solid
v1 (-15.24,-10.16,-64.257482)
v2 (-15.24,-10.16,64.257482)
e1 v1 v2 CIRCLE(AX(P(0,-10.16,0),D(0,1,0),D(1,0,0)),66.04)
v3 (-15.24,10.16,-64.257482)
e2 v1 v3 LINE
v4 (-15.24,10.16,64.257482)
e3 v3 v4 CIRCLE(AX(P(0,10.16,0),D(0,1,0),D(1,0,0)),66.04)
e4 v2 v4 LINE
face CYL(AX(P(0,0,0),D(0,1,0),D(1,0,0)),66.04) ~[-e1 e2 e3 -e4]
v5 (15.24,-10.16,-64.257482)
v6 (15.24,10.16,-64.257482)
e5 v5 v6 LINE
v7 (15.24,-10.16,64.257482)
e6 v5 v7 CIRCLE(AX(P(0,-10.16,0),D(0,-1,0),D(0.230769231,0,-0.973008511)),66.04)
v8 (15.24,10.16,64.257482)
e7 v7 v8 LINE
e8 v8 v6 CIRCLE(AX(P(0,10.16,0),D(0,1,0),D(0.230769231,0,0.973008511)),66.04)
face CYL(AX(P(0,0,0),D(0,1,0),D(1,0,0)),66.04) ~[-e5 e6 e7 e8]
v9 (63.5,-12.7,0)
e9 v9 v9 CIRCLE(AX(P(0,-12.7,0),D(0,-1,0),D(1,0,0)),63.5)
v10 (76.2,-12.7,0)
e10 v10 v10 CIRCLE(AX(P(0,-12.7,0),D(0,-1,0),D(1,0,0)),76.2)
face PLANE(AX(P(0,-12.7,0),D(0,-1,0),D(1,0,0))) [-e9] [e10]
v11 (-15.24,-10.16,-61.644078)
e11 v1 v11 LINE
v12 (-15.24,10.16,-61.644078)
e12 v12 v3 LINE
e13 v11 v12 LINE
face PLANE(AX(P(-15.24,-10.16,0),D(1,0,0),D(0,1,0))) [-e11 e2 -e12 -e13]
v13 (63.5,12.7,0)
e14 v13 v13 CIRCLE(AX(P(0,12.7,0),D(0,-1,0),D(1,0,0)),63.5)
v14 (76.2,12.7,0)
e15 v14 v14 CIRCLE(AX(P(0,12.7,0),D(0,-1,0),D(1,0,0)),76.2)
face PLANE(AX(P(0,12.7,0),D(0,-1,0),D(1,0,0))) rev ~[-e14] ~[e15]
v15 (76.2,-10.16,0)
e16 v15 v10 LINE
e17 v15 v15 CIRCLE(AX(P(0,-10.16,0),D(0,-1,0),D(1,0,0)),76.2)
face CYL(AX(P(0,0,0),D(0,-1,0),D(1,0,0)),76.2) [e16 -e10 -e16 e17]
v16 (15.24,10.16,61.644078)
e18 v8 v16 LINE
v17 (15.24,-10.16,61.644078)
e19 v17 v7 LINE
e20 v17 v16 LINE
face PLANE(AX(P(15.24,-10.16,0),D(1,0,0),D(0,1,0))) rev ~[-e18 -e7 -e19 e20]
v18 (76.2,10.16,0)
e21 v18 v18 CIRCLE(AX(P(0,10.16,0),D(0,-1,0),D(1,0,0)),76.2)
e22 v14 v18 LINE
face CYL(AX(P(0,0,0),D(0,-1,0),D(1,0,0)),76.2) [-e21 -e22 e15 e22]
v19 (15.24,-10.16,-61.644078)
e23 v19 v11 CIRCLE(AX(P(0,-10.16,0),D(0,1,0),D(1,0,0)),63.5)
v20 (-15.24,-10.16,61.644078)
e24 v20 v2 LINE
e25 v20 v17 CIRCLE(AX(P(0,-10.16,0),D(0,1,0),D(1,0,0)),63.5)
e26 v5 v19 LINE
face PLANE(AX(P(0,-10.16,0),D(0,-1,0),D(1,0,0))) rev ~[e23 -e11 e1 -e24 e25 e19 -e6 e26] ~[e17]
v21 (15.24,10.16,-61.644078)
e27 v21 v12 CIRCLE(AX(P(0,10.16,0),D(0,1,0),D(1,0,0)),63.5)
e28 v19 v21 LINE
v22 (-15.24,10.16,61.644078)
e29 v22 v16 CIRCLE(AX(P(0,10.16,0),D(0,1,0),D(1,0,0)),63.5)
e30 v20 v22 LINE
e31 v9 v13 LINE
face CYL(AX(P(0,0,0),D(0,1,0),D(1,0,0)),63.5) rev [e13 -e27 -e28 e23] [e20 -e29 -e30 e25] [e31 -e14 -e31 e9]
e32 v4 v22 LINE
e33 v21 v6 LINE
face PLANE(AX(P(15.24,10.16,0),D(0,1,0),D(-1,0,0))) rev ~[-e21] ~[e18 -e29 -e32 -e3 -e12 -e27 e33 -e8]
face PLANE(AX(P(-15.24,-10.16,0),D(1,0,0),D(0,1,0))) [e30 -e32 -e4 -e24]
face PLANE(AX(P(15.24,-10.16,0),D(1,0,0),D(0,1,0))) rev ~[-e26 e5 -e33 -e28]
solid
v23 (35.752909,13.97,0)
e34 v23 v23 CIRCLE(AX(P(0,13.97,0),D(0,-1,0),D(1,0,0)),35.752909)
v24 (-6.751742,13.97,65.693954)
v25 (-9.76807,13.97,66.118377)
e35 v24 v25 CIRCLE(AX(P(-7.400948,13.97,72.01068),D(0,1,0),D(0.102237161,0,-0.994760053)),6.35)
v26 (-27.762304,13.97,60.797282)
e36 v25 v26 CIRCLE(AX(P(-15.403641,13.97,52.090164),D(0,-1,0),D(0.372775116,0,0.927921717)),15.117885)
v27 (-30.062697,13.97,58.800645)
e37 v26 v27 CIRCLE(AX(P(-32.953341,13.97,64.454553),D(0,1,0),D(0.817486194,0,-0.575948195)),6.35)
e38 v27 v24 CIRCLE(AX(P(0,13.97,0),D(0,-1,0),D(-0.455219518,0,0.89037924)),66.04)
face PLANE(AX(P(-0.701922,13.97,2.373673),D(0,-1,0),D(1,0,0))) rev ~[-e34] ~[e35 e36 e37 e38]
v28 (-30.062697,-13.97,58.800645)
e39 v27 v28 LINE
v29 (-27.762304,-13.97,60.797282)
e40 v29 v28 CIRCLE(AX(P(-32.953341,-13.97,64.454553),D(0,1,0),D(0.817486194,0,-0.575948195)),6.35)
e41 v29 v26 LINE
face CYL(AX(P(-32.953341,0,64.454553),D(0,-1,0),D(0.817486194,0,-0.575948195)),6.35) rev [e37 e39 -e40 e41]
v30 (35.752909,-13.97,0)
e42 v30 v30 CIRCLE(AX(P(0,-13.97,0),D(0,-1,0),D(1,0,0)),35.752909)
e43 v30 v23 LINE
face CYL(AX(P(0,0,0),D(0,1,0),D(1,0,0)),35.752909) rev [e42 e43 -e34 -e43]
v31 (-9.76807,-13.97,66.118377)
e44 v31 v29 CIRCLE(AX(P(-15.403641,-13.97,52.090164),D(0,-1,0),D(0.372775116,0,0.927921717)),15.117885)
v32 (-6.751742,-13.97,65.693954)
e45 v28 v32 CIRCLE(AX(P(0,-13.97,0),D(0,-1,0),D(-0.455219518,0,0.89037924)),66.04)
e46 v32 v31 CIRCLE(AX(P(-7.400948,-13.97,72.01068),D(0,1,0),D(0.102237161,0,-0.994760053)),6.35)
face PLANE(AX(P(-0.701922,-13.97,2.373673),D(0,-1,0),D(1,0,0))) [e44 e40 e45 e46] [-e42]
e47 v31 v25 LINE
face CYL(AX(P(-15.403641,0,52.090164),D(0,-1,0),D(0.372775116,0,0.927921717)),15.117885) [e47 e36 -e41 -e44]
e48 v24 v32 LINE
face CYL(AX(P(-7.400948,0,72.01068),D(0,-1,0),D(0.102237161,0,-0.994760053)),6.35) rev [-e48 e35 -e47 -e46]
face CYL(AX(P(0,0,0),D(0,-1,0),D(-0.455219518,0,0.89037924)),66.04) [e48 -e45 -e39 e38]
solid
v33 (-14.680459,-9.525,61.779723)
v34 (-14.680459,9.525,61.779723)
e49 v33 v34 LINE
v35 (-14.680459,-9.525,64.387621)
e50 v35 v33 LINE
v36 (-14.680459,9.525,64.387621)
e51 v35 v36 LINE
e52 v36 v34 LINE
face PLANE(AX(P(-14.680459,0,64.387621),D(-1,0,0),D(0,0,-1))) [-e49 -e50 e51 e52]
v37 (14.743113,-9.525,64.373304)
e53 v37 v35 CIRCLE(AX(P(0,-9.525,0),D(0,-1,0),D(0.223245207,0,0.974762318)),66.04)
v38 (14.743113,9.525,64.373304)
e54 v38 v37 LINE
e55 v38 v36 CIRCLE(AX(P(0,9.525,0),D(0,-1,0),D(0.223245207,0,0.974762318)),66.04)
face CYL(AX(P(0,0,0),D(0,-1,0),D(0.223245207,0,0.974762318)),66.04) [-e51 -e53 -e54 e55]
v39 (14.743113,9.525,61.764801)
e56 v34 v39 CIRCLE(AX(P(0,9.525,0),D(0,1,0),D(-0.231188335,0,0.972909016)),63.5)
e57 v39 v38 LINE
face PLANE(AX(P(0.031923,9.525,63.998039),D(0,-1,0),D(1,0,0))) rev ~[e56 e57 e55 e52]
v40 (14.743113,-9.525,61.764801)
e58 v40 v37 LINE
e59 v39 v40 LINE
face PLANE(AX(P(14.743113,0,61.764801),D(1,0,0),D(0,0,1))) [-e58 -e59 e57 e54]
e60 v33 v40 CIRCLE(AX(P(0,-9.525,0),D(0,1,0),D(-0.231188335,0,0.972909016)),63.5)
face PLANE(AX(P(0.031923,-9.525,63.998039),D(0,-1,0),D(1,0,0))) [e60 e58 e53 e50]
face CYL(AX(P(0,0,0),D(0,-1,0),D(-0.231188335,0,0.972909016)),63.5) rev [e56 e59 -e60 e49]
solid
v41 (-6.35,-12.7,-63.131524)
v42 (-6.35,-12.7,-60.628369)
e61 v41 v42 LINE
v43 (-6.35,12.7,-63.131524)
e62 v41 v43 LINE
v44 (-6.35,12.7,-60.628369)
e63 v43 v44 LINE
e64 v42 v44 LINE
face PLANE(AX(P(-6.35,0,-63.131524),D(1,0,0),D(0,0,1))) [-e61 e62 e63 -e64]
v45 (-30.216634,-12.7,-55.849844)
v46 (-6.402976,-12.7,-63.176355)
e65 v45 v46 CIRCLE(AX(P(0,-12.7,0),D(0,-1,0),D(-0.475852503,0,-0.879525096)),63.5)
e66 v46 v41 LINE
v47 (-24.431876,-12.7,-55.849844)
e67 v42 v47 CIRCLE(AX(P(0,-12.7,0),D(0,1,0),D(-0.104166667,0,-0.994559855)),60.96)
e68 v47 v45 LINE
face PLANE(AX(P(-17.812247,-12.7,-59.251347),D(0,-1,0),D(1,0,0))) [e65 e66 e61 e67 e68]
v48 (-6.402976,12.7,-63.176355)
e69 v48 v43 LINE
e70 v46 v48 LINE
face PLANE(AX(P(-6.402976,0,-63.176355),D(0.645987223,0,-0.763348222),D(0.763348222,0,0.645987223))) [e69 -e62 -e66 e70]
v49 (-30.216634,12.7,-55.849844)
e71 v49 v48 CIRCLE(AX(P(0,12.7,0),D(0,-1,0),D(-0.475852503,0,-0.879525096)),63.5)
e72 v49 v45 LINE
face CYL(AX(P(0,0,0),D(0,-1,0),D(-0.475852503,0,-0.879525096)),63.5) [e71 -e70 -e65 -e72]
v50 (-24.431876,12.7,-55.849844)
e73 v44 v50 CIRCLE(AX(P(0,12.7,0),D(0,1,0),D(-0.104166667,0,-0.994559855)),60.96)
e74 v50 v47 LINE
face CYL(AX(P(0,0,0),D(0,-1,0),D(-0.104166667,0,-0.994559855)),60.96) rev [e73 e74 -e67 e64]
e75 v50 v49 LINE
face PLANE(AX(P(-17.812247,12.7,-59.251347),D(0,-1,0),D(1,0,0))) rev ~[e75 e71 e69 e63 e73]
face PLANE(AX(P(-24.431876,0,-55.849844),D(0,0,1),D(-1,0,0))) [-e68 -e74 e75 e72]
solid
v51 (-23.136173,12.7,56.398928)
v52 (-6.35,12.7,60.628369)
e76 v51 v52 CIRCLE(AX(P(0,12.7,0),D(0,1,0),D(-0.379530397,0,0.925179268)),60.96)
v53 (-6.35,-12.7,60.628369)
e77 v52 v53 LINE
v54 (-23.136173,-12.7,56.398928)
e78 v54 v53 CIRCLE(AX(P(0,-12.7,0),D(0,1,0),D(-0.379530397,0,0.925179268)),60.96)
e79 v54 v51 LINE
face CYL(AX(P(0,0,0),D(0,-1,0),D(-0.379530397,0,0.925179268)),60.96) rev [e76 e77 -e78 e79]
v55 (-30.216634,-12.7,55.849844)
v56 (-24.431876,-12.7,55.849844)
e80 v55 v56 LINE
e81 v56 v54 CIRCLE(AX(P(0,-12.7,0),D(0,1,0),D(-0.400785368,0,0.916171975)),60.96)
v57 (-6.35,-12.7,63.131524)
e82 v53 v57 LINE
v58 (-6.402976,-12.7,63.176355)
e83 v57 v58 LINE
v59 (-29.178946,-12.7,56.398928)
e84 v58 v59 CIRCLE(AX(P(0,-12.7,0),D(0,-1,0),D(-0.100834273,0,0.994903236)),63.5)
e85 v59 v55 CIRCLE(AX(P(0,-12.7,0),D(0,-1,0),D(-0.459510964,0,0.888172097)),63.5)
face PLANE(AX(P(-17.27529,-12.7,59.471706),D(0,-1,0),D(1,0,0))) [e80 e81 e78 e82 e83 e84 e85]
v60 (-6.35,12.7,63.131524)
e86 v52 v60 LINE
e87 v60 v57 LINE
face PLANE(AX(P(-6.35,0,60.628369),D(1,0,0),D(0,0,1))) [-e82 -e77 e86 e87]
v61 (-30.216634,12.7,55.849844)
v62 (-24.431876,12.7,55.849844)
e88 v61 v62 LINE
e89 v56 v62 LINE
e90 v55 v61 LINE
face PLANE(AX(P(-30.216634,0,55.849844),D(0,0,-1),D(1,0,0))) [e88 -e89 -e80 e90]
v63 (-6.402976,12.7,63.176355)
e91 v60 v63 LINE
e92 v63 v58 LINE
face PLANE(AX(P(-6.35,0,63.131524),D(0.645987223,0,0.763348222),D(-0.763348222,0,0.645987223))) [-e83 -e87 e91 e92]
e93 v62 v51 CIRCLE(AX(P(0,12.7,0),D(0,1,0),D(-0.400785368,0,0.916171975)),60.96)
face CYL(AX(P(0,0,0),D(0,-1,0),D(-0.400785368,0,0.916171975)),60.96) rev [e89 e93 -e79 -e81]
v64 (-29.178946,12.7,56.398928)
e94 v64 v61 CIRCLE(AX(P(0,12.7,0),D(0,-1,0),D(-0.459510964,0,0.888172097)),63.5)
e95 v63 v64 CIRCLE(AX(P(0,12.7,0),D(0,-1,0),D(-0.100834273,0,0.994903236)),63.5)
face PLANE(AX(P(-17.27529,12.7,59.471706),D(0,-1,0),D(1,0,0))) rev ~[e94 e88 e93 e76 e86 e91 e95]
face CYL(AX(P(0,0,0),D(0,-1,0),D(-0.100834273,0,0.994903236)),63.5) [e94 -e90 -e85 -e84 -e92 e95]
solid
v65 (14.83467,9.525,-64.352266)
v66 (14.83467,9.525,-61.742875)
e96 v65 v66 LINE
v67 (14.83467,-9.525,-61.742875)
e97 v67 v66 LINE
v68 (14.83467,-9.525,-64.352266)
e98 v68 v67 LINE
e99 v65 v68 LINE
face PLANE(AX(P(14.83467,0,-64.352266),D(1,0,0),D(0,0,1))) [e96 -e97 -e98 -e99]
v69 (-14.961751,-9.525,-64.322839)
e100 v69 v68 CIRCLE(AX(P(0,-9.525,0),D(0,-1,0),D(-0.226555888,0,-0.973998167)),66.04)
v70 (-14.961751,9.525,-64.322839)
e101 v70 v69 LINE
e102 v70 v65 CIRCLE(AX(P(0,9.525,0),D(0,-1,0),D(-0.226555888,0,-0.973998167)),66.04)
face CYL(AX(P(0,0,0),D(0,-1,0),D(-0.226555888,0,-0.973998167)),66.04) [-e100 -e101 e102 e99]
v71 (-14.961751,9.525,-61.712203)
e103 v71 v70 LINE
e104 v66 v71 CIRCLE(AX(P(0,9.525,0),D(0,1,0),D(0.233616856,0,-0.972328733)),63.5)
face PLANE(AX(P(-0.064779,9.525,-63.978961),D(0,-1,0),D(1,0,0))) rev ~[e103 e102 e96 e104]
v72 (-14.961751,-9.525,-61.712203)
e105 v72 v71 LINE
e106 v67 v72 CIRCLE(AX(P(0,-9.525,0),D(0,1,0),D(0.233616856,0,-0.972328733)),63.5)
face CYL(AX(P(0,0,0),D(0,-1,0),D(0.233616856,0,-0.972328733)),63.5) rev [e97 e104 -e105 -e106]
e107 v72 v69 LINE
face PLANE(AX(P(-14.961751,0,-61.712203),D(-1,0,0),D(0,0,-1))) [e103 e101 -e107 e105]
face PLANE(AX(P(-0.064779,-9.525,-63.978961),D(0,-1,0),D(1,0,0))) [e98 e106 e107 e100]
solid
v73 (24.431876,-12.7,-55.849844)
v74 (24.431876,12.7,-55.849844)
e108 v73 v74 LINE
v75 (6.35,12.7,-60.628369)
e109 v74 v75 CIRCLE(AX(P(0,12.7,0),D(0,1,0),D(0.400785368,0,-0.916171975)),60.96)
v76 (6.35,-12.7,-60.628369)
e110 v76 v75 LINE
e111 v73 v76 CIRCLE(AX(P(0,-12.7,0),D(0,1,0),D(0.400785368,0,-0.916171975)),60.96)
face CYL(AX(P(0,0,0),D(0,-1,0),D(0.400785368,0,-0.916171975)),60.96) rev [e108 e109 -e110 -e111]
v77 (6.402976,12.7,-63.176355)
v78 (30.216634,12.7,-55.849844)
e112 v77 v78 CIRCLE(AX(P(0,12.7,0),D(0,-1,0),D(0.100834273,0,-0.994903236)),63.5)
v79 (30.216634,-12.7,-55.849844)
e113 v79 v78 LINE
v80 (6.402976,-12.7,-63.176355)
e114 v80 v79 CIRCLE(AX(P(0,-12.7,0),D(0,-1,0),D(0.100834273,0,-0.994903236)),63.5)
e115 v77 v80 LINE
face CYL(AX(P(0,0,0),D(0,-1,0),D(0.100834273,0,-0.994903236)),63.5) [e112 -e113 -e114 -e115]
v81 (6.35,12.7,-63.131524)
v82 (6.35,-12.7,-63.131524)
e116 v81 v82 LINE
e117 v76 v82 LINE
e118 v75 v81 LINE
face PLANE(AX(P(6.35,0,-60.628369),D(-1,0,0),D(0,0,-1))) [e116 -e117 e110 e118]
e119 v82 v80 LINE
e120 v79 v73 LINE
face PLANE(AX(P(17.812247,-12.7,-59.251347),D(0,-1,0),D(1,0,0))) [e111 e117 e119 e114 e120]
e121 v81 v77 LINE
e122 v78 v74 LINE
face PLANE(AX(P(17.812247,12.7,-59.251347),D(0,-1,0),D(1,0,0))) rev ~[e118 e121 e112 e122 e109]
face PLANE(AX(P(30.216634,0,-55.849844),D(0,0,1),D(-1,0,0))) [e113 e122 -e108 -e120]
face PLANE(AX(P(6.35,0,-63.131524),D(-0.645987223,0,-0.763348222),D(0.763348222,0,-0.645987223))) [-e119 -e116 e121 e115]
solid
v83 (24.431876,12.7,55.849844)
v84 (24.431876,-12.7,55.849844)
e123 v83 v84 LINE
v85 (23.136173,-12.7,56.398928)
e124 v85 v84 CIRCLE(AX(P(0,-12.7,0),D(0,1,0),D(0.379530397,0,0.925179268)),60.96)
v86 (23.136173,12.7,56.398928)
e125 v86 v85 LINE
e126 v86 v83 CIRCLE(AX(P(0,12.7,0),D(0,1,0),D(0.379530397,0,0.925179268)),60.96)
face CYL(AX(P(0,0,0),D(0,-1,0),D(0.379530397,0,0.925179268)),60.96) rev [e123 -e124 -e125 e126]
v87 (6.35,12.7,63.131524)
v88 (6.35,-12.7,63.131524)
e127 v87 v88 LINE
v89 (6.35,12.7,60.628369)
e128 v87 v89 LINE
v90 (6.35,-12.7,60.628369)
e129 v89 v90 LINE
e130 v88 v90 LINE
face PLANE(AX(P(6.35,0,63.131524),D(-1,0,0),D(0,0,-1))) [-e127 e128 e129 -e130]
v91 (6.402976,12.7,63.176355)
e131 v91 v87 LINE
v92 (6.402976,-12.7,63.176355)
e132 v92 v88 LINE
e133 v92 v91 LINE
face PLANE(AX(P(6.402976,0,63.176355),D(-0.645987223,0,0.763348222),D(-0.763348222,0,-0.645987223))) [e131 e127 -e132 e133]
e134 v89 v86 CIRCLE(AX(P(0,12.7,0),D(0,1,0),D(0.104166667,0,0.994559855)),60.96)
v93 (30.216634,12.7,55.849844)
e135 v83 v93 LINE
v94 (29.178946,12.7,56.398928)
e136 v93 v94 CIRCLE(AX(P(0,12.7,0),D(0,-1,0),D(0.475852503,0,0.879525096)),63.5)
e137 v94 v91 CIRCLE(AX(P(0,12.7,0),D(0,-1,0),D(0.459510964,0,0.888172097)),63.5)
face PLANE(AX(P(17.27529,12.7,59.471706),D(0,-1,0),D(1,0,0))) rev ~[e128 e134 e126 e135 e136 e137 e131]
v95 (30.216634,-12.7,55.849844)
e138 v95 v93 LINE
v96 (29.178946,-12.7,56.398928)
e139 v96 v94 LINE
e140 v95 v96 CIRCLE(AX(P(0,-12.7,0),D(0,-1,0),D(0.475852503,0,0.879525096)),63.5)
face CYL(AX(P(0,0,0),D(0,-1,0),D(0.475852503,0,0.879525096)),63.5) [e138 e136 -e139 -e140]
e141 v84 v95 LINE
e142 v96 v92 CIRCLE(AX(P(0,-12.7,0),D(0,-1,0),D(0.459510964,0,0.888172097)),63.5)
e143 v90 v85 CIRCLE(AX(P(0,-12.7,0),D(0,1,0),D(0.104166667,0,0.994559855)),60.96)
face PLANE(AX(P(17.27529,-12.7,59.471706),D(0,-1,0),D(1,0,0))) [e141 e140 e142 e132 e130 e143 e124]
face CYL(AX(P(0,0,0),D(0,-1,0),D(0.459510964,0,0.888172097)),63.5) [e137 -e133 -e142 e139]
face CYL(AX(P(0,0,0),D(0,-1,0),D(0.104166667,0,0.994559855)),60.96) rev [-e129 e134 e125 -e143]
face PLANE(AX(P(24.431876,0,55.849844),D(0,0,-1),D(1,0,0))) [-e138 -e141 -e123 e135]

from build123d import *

# Parameters (mm, degrees)
F0_R      = 76.2
F0_R_2    = 63.5
F1_DEPTH  = 12.7
F3_T      = -2.54
F2_W      = 15.24
F2_H      = 20.32
F4_DEPTH  = 66.04
F6_DEPTH  = 9.525
F8_DEPTH  = 12.7
F9_R      = 35.7529089969
F10_DEPTH = 13.97


with BuildPart() as f1:
    # F0 (on Front) → F1 (new body, symmetric)
    with BuildSketch(Plane.XZ):
        Circle(F0_R)
        Circle(F0_R_2, mode=Mode.SUBTRACT)
    extrude(amount=F1_DEPTH, both=True)

    # F3
    f3_openings = [f1.faces().sort_by_distance(p)[0] for p in [
        (-76.2, 0, 0),
    ]]
    offset(amount=F3_T, openings=f3_openings)

    # F2 (on Top) → F4 (cut, symmetric)
    with BuildSketch(Plane.XY):
        with Locations((-7.62, 0)):
            Rectangle(F2_W, F2_H)
        with Locations((7.62, 0)):
            Rectangle(F2_W, F2_H)
    extrude(amount=F4_DEPTH, both=True, mode=Mode.SUBTRACT)


with BuildPart() as f6:
    # F5 (on Front) → F6 (new body, symmetric)
    with BuildSketch(Plane.XZ):
        with BuildLine():
            ThreePointArc((-14.6804592455, 61.7797225337), (0.0322033107, 63.4999918342), (14.7431134689, 61.7648006978))
            Line((14.7431134689, 61.7648006978), (14.7431134689, 64.3733035135))
            ThreePointArc((14.7431134689, 64.3733035135), (0.0321346281, 66.0399921818), (-14.6804592455, 64.3876208315))
            Line((-14.6804592455, 64.3876208315), (-14.6804592455, 61.7797225337))
        make_face()
    extrude(amount=F6_DEPTH, both=True)


with BuildPart() as f6b:
    # F5 (on Front) → F6, piece 2 (new body, symmetric)
    with BuildSketch(Plane.XZ):
        with BuildLine():
            Line((-14.9617508265, -61.7122031061), (-14.9617508265, -64.3228389626))
            ThreePointArc((-14.9617508265, -64.3228389626), (-0.0652215525, -66.0399677934), (14.834670357, -64.3522661248))
            Line((14.834670357, -64.3522661248), (14.834670357, -61.7428745314))
            ThreePointArc((14.834670357, -61.7428745314), (-0.0653647116, -63.4999663579), (-14.9617508265, -61.7122031061))
        make_face()
    extrude(amount=F6_DEPTH, both=True)


with BuildPart() as f8:
    # F7 (on Front) → F8 (new body, symmetric)
    with BuildSketch(Plane.XZ):
        with BuildLine():
            ThreePointArc((-6.35, -60.6283687724), (-15.575286476, -58.9366783183), (-24.431876042, -55.8498436262))
            Line((-24.431876042, -55.8498436262), (-30.2166339444, -55.8498436262))
            ThreePointArc((-30.2166339444, -55.8498436262), (-18.6726647382, -60.6925167675), (-6.4029763415, -63.1763554977))
            Line((-6.4029763415, -63.1763554977), (-6.35, -63.1315240057))
            Line((-6.35, -63.1315240057), (-6.35, -60.6283687724))
        make_face()
    extrude(amount=F8_DEPTH, both=True)


with BuildPart() as f8b:
    # F7 (on Front) → F8, piece 2 (new body, symmetric)
    with BuildSketch(Plane.XZ):
        with BuildLine():
            ThreePointArc((-23.1361730152, 56.3989281654), (-14.8939800501, 59.1125279299), (-6.35, 60.6283687724))
            Line((-6.35, 60.6283687724), (-6.35, 63.1315240057))
            Line((-6.35, 63.1315240057), (-6.4029763415, 63.1763554977))
            ThreePointArc((-6.4029763415, 63.1763554977), (-18.1108167509, 60.8625362322), (-29.1789462077, 56.3989281654))
            Line((-29.1789462077, 56.3989281654), (-23.1361730152, 56.3989281654))
        make_face()
        with BuildLine():
            ThreePointArc((-24.431876042, 55.8498436262), (-23.7856090154, 56.1281248909), (-23.1361730152, 56.3989281654))
            Line((-23.1361730152, 56.3989281654), (-29.1789462077, 56.3989281654))
            ThreePointArc((-29.1789462077, 56.3989281654), (-29.6990590568, 56.1267840798), (-30.2166339444, 55.8498436262))
            Line((-30.2166339444, 55.8498436262), (-24.431876042, 55.8498436262))
        make_face()
    extrude(amount=F8_DEPTH, both=True)


with BuildPart() as f8c:
    # F7 (on Front) → F8, piece 3 (new body, symmetric)
    with BuildSketch(Plane.XZ):
        with BuildLine():
            Line((6.4029763415, 63.1763554977), (6.35, 63.1315240057))
            Line((6.35, 63.1315240057), (6.35, 60.6283687724))
            ThreePointArc((6.35, 60.6283687724), (14.8939800501, 59.1125279299), (23.1361730152, 56.3989281654))
            Line((23.1361730152, 56.3989281654), (29.1789462077, 56.3989281654))
            ThreePointArc((29.1789462077, 56.3989281654), (18.1108167509, 60.8625362322), (6.4029763415, 63.1763554977))
        make_face()
        with BuildLine():
            Line((29.1789462077, 56.3989281654), (23.1361730152, 56.3989281654))
            ThreePointArc((23.1361730152, 56.3989281654), (23.7856090154, 56.1281248909), (24.431876042, 55.8498436262))
            Line((24.431876042, 55.8498436262), (30.2166339444, 55.8498436262))
            ThreePointArc((30.2166339444, 55.8498436262), (29.6990590568, 56.1267840798), (29.1789462077, 56.3989281654))
        make_face()
    extrude(amount=F8_DEPTH, both=True)


with BuildPart() as f8d:
    # F7 (on Front) → F8, piece 4 (new body, symmetric)
    with BuildSketch(Plane.XZ):
        with BuildLine():
            Line((6.35, -60.6283687724), (6.35, -63.1315240057))
            Line((6.35, -63.1315240057), (6.4029763415, -63.1763554977))
            ThreePointArc((6.4029763415, -63.1763554977), (18.6726647382, -60.6925167675), (30.2166339444, -55.8498436262))
            Line((30.2166339444, -55.8498436262), (24.431876042, -55.8498436262))
            ThreePointArc((24.431876042, -55.8498436262), (15.575286476, -58.9366783183), (6.35, -60.6283687724))
        make_face()
    extrude(amount=F8_DEPTH, both=True)


with BuildPart() as f10:
    # F9 (on Front) → F10 (new body, symmetric)
    with BuildSketch(Plane.XZ):
        with BuildLine():
            ThreePointArc((-27.7623035615, 60.7972821317), (-28.791005851, 59.6589857347), (-30.0626969544, 58.800644995))
            ThreePointArc((-30.0626969544, 58.800644995), (18.7271235897, -63.3291121212), (-6.7517421176, 65.6939538951))
            ThreePointArc((-6.7517421176, 65.6939538951), (-8.2857320593, 65.7226235101), (-9.7680700784, 66.1183773288))
            ThreePointArc((-9.7680700784, 66.1183773288), (-19.6906568062, 66.5874717303), (-27.7623035615, 60.7972821317))
        make_face()
        Circle(F9_R, mode=Mode.SUBTRACT)
    extrude(amount=F10_DEPTH, both=True)


solid = Compound([f1.part, f6.part, f6b.part, f8.part, f8b.part, f8c.part, f8d.part, f10.part])
